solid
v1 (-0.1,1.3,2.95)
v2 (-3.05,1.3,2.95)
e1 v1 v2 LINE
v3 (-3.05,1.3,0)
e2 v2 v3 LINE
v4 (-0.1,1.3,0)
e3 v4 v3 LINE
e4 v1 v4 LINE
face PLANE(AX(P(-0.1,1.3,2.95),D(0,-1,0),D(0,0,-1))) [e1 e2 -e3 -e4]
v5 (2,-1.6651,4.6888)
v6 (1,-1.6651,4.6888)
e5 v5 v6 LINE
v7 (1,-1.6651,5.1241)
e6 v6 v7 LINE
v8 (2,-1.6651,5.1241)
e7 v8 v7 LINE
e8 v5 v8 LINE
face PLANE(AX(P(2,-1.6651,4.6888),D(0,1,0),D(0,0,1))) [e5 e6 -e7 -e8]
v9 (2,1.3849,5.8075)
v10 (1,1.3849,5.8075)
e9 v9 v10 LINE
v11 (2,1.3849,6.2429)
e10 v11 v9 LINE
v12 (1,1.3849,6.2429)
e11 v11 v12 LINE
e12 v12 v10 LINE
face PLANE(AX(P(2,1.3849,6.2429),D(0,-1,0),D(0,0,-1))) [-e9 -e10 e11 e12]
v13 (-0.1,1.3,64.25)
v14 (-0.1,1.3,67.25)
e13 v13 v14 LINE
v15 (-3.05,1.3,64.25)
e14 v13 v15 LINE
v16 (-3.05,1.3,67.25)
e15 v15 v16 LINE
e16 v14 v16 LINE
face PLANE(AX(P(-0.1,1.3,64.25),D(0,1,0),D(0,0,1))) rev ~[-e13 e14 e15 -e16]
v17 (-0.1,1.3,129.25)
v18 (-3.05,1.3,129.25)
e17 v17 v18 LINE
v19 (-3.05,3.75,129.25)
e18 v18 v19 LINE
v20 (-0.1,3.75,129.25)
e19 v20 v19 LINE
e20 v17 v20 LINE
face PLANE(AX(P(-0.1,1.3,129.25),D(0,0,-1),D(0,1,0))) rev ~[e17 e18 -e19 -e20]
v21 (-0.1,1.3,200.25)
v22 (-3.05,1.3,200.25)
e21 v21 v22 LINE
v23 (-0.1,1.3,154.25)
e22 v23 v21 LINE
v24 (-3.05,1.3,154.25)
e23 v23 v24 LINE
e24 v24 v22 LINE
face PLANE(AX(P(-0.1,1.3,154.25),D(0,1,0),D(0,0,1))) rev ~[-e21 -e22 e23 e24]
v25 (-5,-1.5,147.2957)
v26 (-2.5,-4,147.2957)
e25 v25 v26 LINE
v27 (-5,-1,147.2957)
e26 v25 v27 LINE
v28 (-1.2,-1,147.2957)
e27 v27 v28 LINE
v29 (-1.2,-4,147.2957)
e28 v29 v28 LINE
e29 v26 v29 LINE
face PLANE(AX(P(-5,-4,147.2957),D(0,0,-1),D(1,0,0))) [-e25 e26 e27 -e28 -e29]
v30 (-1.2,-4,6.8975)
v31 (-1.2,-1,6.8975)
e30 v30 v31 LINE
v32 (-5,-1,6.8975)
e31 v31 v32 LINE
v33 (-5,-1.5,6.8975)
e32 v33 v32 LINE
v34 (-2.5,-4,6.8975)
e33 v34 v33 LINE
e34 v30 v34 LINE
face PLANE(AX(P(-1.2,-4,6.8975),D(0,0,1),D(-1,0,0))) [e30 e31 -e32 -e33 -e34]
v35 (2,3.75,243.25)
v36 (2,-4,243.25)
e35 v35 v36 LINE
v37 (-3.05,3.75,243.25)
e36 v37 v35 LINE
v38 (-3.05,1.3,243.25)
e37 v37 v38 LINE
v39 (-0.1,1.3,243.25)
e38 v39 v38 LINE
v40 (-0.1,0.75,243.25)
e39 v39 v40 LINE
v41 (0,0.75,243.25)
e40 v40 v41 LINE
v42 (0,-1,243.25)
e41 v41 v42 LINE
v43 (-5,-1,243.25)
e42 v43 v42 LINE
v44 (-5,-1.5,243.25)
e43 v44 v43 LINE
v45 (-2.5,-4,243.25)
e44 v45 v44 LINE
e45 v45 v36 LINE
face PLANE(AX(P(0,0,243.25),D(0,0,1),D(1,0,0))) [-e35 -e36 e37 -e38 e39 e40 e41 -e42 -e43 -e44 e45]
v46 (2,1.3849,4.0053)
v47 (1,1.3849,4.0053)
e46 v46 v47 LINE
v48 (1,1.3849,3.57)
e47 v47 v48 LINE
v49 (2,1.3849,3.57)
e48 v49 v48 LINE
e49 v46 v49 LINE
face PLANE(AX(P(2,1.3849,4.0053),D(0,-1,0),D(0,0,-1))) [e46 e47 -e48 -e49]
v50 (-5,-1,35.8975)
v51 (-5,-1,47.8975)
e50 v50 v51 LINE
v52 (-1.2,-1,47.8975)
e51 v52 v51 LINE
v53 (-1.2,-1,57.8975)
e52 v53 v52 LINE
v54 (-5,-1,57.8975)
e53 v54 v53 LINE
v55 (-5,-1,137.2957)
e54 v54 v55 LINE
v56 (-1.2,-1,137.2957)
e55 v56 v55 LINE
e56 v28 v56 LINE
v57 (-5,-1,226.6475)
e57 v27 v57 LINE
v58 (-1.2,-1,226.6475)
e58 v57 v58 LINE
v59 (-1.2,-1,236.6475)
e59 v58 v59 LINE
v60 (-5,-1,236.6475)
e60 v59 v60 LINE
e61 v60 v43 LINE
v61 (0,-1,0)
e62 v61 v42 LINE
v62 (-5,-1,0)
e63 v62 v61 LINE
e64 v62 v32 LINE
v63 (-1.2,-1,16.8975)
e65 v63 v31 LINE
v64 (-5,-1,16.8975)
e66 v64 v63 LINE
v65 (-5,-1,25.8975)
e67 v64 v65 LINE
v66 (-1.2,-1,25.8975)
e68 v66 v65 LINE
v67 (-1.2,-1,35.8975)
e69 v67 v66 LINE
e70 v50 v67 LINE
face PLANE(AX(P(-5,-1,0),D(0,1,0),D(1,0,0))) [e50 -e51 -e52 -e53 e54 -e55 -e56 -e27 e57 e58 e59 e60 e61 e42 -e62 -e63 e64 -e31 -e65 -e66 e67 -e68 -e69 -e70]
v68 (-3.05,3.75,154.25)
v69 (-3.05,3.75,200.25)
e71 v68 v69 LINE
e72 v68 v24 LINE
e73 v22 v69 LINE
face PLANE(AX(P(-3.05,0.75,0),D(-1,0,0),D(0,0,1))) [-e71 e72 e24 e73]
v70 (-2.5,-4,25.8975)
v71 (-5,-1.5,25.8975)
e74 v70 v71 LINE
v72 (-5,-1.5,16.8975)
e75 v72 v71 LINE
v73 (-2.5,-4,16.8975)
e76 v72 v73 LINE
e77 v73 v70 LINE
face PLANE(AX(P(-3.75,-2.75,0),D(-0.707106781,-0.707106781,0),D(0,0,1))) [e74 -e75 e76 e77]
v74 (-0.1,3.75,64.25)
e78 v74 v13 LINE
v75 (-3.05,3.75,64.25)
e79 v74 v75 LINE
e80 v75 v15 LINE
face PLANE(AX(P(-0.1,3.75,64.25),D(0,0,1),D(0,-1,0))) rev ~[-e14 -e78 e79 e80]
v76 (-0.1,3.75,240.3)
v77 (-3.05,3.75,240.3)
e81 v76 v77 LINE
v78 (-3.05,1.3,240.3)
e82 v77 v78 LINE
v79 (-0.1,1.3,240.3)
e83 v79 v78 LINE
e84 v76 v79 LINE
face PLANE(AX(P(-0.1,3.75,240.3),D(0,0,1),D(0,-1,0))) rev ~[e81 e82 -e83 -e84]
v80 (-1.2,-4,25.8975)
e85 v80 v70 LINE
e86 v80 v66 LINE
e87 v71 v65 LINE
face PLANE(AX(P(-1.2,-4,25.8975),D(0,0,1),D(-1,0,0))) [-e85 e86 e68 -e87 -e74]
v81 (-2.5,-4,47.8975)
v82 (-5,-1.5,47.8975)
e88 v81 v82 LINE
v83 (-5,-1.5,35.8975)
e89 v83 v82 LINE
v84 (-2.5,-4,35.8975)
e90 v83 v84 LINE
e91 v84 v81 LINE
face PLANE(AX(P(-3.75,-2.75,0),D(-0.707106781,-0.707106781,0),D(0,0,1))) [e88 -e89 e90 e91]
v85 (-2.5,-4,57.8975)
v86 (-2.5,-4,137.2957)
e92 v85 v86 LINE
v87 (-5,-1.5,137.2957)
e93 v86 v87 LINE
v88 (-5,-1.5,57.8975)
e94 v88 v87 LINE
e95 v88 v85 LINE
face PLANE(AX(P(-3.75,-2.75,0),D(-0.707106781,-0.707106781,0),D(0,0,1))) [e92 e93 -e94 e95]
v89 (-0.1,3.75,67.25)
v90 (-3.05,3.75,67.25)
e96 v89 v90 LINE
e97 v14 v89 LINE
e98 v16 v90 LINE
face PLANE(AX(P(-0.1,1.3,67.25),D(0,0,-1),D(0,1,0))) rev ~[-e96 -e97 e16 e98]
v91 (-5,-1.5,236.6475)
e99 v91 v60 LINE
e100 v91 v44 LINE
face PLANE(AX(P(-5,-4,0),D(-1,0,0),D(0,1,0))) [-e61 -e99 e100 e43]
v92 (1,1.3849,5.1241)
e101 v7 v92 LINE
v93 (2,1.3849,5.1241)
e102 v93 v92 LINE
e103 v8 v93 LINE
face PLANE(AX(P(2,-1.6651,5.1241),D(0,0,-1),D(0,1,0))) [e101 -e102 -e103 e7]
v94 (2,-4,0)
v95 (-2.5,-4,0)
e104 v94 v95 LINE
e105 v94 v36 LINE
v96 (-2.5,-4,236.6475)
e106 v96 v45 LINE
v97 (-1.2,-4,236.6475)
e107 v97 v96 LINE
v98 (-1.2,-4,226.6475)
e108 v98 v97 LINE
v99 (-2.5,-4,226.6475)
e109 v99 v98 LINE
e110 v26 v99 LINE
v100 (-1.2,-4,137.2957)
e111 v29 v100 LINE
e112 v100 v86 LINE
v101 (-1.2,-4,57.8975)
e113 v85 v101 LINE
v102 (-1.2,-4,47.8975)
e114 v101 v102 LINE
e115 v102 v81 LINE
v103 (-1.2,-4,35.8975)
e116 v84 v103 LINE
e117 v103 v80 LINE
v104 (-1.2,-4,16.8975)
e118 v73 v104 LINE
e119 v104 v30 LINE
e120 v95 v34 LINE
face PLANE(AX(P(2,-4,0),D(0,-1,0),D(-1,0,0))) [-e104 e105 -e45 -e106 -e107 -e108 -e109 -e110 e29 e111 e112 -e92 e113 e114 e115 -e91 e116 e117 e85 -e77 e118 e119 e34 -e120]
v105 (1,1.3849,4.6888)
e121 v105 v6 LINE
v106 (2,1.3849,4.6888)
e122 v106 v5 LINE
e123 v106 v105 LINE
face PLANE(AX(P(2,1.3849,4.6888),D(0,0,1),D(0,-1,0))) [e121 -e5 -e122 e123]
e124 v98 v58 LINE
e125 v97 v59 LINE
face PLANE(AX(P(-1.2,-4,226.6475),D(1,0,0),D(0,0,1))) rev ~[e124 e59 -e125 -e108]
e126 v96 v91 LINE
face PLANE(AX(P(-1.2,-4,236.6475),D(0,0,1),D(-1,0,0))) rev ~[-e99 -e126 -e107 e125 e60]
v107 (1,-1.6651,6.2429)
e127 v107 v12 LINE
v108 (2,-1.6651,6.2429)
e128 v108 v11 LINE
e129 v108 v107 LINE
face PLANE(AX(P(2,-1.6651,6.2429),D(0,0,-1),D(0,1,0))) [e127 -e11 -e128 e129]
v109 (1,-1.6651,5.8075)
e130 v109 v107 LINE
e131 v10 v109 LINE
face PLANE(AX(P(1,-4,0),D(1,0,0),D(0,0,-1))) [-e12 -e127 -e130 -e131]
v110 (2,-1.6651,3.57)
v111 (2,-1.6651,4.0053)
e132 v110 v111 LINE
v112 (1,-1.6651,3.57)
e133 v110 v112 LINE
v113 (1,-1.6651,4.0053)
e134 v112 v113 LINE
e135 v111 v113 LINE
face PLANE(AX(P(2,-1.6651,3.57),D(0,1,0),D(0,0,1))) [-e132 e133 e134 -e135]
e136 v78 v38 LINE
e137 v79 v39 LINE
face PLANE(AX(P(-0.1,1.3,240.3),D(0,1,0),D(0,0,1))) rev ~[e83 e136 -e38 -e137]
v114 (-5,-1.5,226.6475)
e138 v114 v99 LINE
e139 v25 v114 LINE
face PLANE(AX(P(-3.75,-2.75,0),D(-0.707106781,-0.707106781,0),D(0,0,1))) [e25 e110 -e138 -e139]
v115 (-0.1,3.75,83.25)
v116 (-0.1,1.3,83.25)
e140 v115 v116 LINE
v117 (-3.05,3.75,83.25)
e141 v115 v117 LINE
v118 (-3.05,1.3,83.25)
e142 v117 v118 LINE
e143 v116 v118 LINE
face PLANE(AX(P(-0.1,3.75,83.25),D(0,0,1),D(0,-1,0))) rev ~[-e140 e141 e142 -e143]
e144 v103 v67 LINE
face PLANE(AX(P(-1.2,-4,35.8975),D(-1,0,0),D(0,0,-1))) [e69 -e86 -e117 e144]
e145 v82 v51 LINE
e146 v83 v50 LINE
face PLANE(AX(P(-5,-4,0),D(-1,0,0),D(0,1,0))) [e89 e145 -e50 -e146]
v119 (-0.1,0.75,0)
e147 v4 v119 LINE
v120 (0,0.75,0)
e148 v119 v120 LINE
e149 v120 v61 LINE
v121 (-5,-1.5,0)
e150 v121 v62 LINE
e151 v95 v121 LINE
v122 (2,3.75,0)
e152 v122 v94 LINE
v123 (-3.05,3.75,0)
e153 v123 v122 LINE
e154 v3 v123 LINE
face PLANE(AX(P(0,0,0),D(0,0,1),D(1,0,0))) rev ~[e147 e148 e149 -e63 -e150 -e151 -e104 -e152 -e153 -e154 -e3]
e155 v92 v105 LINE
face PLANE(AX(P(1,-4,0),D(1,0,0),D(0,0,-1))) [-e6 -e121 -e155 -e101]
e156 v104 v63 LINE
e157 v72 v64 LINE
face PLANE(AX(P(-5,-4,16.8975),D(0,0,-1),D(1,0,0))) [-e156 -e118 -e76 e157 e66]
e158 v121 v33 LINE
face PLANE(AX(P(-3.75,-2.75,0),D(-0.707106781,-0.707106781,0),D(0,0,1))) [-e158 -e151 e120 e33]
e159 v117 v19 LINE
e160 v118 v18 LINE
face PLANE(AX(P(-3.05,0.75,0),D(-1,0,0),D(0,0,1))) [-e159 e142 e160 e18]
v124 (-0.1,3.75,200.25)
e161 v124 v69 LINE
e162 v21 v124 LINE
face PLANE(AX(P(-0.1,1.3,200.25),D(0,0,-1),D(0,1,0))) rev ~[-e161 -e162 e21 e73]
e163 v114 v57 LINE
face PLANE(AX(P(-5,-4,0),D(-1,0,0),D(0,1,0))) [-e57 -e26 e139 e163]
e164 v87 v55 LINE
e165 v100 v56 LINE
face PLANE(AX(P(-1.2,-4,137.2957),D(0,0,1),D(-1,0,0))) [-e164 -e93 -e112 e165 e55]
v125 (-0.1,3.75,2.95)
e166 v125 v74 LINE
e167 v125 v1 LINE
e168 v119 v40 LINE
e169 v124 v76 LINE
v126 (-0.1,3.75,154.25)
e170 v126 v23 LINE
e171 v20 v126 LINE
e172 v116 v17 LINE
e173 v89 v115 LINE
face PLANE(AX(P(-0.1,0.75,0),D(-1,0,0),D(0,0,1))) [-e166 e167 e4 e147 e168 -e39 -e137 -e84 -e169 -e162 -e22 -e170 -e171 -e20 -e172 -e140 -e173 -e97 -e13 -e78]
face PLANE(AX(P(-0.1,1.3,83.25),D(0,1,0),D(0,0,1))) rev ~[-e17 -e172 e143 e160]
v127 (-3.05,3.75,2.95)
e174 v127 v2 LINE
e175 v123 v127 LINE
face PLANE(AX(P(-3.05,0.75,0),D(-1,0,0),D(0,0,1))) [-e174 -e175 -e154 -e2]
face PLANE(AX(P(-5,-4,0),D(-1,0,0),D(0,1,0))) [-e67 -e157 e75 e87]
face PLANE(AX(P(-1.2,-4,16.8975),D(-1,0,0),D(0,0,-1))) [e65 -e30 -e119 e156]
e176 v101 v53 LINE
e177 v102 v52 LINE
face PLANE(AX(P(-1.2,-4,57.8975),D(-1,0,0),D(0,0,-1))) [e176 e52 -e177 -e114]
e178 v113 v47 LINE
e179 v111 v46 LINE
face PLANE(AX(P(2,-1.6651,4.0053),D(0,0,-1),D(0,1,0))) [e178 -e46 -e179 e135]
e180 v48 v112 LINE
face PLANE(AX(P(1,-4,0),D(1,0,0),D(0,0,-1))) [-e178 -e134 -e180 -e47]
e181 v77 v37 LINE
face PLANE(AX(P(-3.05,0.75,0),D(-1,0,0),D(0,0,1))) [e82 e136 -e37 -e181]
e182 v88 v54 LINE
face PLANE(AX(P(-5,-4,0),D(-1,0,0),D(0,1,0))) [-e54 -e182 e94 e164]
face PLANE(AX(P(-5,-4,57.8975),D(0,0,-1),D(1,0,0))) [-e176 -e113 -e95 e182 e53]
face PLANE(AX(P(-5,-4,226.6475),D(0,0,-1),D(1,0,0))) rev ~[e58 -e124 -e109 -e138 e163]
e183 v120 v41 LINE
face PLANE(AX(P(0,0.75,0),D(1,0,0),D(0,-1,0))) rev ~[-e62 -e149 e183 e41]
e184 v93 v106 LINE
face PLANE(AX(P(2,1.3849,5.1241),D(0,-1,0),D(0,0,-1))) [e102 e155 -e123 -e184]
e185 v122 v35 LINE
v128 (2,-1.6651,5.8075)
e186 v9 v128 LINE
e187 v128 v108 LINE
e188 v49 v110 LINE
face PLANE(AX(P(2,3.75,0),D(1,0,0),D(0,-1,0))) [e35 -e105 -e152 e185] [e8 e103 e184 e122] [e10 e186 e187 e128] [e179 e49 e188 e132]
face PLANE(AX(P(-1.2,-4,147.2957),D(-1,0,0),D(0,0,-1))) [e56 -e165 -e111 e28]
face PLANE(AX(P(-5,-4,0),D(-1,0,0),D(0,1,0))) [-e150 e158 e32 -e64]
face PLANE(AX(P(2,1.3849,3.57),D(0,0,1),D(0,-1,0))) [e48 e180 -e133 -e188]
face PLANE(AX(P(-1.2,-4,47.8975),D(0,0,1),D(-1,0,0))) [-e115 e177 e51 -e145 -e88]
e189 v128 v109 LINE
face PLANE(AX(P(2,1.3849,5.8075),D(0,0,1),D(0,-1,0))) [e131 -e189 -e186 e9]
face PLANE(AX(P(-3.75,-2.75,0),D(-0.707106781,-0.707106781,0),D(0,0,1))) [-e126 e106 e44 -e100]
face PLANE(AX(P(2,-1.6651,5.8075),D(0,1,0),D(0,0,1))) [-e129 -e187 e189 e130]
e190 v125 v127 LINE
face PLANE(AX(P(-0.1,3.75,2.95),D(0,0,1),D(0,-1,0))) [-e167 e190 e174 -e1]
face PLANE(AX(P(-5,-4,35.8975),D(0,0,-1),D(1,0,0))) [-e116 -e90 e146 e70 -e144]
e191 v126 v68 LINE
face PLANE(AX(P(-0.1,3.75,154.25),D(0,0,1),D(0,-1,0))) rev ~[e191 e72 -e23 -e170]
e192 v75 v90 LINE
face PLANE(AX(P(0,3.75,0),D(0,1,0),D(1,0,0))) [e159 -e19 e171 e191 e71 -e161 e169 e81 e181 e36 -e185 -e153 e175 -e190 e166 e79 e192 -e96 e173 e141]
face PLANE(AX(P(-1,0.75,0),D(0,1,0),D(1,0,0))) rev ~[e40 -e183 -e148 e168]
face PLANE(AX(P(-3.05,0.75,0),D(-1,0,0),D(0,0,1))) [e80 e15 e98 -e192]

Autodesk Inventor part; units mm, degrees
ref_plane "YZ Plane" through (0, 0, 0) normal (1, 0, 0) x (0, 1, 0)
ref_plane "XZ Plane" through (0, 0, 0) normal (0, 1, 0) x (-1, 0, 0)
ref_plane "XY Plane" through (0, 0, 0) normal (0, 0, 1) x (1, 0, 0)
sketch "Sketch1" plane through (0, 0, 0) normal (0, 0, 1) x (1, 0, 0)
  line L0 (0, 3.75) -> (2, 3.75)
  line L1 (2, 3.75) -> (2, -4)
  line L2 (2, -4) -> (0, -4)
  line L3 (0, -4) -> (0, 3.75) construction
  line L4 (0, -4) -> (-5, -4)
  line L5 (-5, -4) -> (-5, -1)
  line L6 (-5, -1) -> (0, -1)
  line L7 (0, 3.75) -> (-1, 3.75)
  line L8 (-1, 3.75) -> (-1, 0.75)
  line L9 (-1, 0.75) -> (0, 0.75)
  line L10 (0, 0.75) -> (0, 3.75) construction
  line L11 (0, 0.75) -> (0, -1)
  point P0 (0, 0)
  point P1 (0, -0.125)
  point P2 (1, 3.75)
  dimension "d0" = 4
  dimension "d1" = 2
  dimension "d5" = 5
  dimension "d6" = 1.75
  dimension "d7" = 3
  dimension "d11" = 3
  dimension "d12" = 3
extrude "Extrusion1" add sketch "Sketch1" along normal blind 243.25
sketch "Sketch2" plane through (-1, 0.75, 0) normal (-1, 0, 0) x (0, 0, 1)
  line L0 (0, 3) -> (0, 0) projected
  line L1 (0, 0) -> (243.25, 0) projected
  line L2 (243.25, 3) -> (243.25, 0) projected
  line L3 (0, 3) -> (243.25, 3) projected
  point P0 (0, -0.75)
extrude "Extrusion2" cut sketch "Sketch2" against normal blind 0.9
chamfer "Chamfer1" distance 2.5 angle 45 1 edges at (-5, -4, 121.625)
sketch "Sketch3" plane through (-0.1, 0.75, 0) normal (-1, 0, 0) x (0, 0, 1)
  line L0 (0, 3) -> (243.25, 3) projected
  line L1 (0, 3) -> (2.95, 3)
  line L2 (2.95, 3) -> (2.95, 0.55)
  line L3 (2.95, 0.55) -> (0, 0.55)
  line L4 (0, 0.55) -> (0, 3)
  line L5 (59.8466, 2.85) -> (59.8466, 0.85) construction
  line L6 (243.25, 3) -> (243.25, 0) projected
  line L7 (243.25, 3) -> (240.3, 3)
  line L8 (240.3, 3) -> (240.3, 0.55)
  line L9 (240.3, 0.55) -> (243.25, 0.55)
  line L10 (243.25, 0.55) -> (243.25, 3)
  line L11 (200.25, 3) -> (154.25, 3)
  line L12 (154.25, 3) -> (154.25, 0.55)
  line L13 (154.25, 0.55) -> (200.25, 0.55)
  line L14 (200.25, 0.55) -> (200.25, 3)
  line L15 (129.25, 3) -> (83.25, 3)
  line L16 (83.25, 3) -> (83.25, 0.55)
  line L17 (83.25, 0.55) -> (129.25, 0.55)
  line L18 (129.25, 0.55) -> (129.25, 3)
  line L19 (0, 3) -> (243.25, 3) projected
  line L20 (67.25, 3) -> (64.25, 3)
  line L21 (64.25, 3) -> (64.25, 0.55)
  line L22 (64.25, 0.55) -> (67.25, 0.55)
  line L23 (67.25, 0.55) -> (67.25, 3)
  point P0 (0, -0.75)
  point P1 (59.8466, 3)
  dimension "d18" = 2.45
  dimension "d19" = 2.95
  dimension "d22" = 2.45
  dimension "d23" = 2.95
  dimension "d44" = 43
  dimension "d45" = 160
  dimension "d46" = 114
  dimension "d47" = 89
  dimension "d48" = 176
  dimension "d49" = 179
extrude "Extrusion3" add sketch "Sketch3" along normal blind 2.95
sketch "Sketch4" plane through (2, -4, 0) normal (0, -1, 0) x (1, 0, 0)
  circle A0 centre (-4.4525, -10.6025) radius 0.725 construction
  line L0 (-3.2, -15.005) -> (-3.2, -1) construction
  line L1 (-4.5, 0) -> (0, 0) construction
  line L2 (-4.5, 243.25) -> (0, 243.25) construction
  circle A1 centre (-10.2025, 230.7475) radius 2.55 construction
  circle A2 centre (-10.1275, 141.3958) radius 2.55 construction
  circle A3 centre (-10.2025, 51.9975) radius 2.55 construction
  circle A4 centre (-10.2025, 29.9975) radius 2.55 construction
  circle A5 centre (-10.2025, 10.9975) radius 2.55 construction
  line L3 (-3.2, 6.8975) -> (-7, 6.8975)
  line L4 (-7, 6.8975) -> (-7, 16.8975)
  line L5 (-7, 16.8975) -> (-3.2, 16.8975)
  line L6 (-3.2, 16.8975) -> (-3.2, 6.8975)
  line L7 (-3.2, 25.8975) -> (-7, 25.8975)
  line L8 (-7, 25.8975) -> (-7, 35.8975)
  line L9 (-7, 35.8975) -> (-3.2, 35.8975)
  line L10 (-3.2, 35.8975) -> (-3.2, 25.8975)
  line L11 (-3.2, 47.8975) -> (-7, 47.8975)
  line L12 (-7, 47.8975) -> (-7, 57.8975)
  line L13 (-7, 57.8975) -> (-3.2, 57.8975)
  line L14 (-3.2, 57.8975) -> (-3.2, 47.8975)
  line L15 (-3.2, 137.2957) -> (-7, 137.2957)
  line L16 (-7, 137.2957) -> (-7, 147.2957)
  line L17 (-7, 147.2957) -> (-3.2, 147.2957)
  line L18 (-3.2, 147.2957) -> (-3.2, 137.2957)
  line L19 (-2.1, 243.25) -> (-2.1, 0) projected
  line L20 (-2.1, 236.6475) -> (-2.1, 226.6475)
  circle A6 centre (-10.2025, -8.0025) radius 2.55 construction
  circle A7 centre (-5.5025, -3.6025) radius 0.725 construction
  line L21 (-3.2, -12.1025) -> (-10.2025, -12.1025) construction
  line L22 (-10.2025, -12.1025) -> (-10.2025, -2.1025) construction
  line L23 (-10.2025, -2.1025) -> (-3.2, -2.1025) construction
  line L24 (-7, 243.25) -> (-7, 0) construction
  line L25 (-7, 0) -> (-7, 243.25) projected
  line L26 (-7, 226.6475) -> (-3.2, 226.6475)
  line L27 (-3.2, 226.6475) -> (-3.2, 236.6475)
  line L28 (-3.2, 236.6475) -> (-7, 236.6475)
  line L29 (-7, 236.6475) -> (-7, 226.6475)
  point P0 (-2, 0)
  dimension "d26" = 1.5
  dimension "d27" = 1.5
  dimension "d28" = 4.1
  dimension "d29" = 5.9
  dimension "d30" = 4.1
  dimension "d31" = 5.9
  dimension "d32" = 4.1
  dimension "d33" = 5.9
  dimension "d34" = 4.1
  dimension "d35" = 5.9
  dimension "d36" = 4.1
  dimension "d37" = 5.9
  dimension "d40" = 4.1
  dimension "d41" = 5.9
extrude "Extrusion4" cut sketch "Sketch4" against normal up to surface (3 mm away)
sketch "Sketch5" plane through (2, -4, 0) normal (1, 0, 0) x (0, 0, -1)
  line L0 (-6.5846, 5.3849) -> (-3.2283, 5.3849) construction
  line L1 (-3.2283, 5.3849) -> (-3.2283, 2.3349) construction
  line L2 (-3.2283, 2.3349) -> (-6.5846, 2.3349) construction
  line L3 (-6.5846, 2.3349) -> (-6.5846, 5.3849) construction
  line L4 (-6.2429, 5.3849) -> (-5.8075, 5.3849)
  line L5 (-5.8075, 5.3849) -> (-5.8075, 2.3349)
  line L6 (-5.8075, 2.3349) -> (-6.2429, 2.3349)
  line L7 (-6.2429, 2.3349) -> (-6.2429, 5.3849)
  line L8 (-5.1241, 5.3849) -> (-4.6888, 5.3849)
  line L9 (-4.6888, 5.3849) -> (-4.6888, 2.3349)
  line L10 (-4.6888, 2.3349) -> (-5.1241, 2.3349)
  line L11 (-5.1241, 2.3349) -> (-5.1241, 5.3849)
  line L12 (-4.0053, 5.3849) -> (-3.57, 5.3849)
  line L13 (-3.57, 5.3849) -> (-3.57, 2.3349)
  line L14 (-3.57, 2.3349) -> (-4.0053, 2.3349)
  line L15 (-4.0053, 2.3349) -> (-4.0053, 5.3849)
  point P0 (0, 4)
extrude "Extrusion5" cut sketch "Sketch5" against normal blind 1
equation "\"d22\" = d18"
equation "\"d30\" = d28"
equation "\"d31\" = d29"
equation "\"d32\" = d28"
equation "\"d33\" = d29"
equation "\"d34\" = d28"
equation "\"d35\" = d29"
equation "\"d36\" = d28"
equation "\"d37\" = d29"
equation "\"d40\" = d28"
equation "\"d41\" = d29"
properties part number "Case Rail" material "PET Plastic"
